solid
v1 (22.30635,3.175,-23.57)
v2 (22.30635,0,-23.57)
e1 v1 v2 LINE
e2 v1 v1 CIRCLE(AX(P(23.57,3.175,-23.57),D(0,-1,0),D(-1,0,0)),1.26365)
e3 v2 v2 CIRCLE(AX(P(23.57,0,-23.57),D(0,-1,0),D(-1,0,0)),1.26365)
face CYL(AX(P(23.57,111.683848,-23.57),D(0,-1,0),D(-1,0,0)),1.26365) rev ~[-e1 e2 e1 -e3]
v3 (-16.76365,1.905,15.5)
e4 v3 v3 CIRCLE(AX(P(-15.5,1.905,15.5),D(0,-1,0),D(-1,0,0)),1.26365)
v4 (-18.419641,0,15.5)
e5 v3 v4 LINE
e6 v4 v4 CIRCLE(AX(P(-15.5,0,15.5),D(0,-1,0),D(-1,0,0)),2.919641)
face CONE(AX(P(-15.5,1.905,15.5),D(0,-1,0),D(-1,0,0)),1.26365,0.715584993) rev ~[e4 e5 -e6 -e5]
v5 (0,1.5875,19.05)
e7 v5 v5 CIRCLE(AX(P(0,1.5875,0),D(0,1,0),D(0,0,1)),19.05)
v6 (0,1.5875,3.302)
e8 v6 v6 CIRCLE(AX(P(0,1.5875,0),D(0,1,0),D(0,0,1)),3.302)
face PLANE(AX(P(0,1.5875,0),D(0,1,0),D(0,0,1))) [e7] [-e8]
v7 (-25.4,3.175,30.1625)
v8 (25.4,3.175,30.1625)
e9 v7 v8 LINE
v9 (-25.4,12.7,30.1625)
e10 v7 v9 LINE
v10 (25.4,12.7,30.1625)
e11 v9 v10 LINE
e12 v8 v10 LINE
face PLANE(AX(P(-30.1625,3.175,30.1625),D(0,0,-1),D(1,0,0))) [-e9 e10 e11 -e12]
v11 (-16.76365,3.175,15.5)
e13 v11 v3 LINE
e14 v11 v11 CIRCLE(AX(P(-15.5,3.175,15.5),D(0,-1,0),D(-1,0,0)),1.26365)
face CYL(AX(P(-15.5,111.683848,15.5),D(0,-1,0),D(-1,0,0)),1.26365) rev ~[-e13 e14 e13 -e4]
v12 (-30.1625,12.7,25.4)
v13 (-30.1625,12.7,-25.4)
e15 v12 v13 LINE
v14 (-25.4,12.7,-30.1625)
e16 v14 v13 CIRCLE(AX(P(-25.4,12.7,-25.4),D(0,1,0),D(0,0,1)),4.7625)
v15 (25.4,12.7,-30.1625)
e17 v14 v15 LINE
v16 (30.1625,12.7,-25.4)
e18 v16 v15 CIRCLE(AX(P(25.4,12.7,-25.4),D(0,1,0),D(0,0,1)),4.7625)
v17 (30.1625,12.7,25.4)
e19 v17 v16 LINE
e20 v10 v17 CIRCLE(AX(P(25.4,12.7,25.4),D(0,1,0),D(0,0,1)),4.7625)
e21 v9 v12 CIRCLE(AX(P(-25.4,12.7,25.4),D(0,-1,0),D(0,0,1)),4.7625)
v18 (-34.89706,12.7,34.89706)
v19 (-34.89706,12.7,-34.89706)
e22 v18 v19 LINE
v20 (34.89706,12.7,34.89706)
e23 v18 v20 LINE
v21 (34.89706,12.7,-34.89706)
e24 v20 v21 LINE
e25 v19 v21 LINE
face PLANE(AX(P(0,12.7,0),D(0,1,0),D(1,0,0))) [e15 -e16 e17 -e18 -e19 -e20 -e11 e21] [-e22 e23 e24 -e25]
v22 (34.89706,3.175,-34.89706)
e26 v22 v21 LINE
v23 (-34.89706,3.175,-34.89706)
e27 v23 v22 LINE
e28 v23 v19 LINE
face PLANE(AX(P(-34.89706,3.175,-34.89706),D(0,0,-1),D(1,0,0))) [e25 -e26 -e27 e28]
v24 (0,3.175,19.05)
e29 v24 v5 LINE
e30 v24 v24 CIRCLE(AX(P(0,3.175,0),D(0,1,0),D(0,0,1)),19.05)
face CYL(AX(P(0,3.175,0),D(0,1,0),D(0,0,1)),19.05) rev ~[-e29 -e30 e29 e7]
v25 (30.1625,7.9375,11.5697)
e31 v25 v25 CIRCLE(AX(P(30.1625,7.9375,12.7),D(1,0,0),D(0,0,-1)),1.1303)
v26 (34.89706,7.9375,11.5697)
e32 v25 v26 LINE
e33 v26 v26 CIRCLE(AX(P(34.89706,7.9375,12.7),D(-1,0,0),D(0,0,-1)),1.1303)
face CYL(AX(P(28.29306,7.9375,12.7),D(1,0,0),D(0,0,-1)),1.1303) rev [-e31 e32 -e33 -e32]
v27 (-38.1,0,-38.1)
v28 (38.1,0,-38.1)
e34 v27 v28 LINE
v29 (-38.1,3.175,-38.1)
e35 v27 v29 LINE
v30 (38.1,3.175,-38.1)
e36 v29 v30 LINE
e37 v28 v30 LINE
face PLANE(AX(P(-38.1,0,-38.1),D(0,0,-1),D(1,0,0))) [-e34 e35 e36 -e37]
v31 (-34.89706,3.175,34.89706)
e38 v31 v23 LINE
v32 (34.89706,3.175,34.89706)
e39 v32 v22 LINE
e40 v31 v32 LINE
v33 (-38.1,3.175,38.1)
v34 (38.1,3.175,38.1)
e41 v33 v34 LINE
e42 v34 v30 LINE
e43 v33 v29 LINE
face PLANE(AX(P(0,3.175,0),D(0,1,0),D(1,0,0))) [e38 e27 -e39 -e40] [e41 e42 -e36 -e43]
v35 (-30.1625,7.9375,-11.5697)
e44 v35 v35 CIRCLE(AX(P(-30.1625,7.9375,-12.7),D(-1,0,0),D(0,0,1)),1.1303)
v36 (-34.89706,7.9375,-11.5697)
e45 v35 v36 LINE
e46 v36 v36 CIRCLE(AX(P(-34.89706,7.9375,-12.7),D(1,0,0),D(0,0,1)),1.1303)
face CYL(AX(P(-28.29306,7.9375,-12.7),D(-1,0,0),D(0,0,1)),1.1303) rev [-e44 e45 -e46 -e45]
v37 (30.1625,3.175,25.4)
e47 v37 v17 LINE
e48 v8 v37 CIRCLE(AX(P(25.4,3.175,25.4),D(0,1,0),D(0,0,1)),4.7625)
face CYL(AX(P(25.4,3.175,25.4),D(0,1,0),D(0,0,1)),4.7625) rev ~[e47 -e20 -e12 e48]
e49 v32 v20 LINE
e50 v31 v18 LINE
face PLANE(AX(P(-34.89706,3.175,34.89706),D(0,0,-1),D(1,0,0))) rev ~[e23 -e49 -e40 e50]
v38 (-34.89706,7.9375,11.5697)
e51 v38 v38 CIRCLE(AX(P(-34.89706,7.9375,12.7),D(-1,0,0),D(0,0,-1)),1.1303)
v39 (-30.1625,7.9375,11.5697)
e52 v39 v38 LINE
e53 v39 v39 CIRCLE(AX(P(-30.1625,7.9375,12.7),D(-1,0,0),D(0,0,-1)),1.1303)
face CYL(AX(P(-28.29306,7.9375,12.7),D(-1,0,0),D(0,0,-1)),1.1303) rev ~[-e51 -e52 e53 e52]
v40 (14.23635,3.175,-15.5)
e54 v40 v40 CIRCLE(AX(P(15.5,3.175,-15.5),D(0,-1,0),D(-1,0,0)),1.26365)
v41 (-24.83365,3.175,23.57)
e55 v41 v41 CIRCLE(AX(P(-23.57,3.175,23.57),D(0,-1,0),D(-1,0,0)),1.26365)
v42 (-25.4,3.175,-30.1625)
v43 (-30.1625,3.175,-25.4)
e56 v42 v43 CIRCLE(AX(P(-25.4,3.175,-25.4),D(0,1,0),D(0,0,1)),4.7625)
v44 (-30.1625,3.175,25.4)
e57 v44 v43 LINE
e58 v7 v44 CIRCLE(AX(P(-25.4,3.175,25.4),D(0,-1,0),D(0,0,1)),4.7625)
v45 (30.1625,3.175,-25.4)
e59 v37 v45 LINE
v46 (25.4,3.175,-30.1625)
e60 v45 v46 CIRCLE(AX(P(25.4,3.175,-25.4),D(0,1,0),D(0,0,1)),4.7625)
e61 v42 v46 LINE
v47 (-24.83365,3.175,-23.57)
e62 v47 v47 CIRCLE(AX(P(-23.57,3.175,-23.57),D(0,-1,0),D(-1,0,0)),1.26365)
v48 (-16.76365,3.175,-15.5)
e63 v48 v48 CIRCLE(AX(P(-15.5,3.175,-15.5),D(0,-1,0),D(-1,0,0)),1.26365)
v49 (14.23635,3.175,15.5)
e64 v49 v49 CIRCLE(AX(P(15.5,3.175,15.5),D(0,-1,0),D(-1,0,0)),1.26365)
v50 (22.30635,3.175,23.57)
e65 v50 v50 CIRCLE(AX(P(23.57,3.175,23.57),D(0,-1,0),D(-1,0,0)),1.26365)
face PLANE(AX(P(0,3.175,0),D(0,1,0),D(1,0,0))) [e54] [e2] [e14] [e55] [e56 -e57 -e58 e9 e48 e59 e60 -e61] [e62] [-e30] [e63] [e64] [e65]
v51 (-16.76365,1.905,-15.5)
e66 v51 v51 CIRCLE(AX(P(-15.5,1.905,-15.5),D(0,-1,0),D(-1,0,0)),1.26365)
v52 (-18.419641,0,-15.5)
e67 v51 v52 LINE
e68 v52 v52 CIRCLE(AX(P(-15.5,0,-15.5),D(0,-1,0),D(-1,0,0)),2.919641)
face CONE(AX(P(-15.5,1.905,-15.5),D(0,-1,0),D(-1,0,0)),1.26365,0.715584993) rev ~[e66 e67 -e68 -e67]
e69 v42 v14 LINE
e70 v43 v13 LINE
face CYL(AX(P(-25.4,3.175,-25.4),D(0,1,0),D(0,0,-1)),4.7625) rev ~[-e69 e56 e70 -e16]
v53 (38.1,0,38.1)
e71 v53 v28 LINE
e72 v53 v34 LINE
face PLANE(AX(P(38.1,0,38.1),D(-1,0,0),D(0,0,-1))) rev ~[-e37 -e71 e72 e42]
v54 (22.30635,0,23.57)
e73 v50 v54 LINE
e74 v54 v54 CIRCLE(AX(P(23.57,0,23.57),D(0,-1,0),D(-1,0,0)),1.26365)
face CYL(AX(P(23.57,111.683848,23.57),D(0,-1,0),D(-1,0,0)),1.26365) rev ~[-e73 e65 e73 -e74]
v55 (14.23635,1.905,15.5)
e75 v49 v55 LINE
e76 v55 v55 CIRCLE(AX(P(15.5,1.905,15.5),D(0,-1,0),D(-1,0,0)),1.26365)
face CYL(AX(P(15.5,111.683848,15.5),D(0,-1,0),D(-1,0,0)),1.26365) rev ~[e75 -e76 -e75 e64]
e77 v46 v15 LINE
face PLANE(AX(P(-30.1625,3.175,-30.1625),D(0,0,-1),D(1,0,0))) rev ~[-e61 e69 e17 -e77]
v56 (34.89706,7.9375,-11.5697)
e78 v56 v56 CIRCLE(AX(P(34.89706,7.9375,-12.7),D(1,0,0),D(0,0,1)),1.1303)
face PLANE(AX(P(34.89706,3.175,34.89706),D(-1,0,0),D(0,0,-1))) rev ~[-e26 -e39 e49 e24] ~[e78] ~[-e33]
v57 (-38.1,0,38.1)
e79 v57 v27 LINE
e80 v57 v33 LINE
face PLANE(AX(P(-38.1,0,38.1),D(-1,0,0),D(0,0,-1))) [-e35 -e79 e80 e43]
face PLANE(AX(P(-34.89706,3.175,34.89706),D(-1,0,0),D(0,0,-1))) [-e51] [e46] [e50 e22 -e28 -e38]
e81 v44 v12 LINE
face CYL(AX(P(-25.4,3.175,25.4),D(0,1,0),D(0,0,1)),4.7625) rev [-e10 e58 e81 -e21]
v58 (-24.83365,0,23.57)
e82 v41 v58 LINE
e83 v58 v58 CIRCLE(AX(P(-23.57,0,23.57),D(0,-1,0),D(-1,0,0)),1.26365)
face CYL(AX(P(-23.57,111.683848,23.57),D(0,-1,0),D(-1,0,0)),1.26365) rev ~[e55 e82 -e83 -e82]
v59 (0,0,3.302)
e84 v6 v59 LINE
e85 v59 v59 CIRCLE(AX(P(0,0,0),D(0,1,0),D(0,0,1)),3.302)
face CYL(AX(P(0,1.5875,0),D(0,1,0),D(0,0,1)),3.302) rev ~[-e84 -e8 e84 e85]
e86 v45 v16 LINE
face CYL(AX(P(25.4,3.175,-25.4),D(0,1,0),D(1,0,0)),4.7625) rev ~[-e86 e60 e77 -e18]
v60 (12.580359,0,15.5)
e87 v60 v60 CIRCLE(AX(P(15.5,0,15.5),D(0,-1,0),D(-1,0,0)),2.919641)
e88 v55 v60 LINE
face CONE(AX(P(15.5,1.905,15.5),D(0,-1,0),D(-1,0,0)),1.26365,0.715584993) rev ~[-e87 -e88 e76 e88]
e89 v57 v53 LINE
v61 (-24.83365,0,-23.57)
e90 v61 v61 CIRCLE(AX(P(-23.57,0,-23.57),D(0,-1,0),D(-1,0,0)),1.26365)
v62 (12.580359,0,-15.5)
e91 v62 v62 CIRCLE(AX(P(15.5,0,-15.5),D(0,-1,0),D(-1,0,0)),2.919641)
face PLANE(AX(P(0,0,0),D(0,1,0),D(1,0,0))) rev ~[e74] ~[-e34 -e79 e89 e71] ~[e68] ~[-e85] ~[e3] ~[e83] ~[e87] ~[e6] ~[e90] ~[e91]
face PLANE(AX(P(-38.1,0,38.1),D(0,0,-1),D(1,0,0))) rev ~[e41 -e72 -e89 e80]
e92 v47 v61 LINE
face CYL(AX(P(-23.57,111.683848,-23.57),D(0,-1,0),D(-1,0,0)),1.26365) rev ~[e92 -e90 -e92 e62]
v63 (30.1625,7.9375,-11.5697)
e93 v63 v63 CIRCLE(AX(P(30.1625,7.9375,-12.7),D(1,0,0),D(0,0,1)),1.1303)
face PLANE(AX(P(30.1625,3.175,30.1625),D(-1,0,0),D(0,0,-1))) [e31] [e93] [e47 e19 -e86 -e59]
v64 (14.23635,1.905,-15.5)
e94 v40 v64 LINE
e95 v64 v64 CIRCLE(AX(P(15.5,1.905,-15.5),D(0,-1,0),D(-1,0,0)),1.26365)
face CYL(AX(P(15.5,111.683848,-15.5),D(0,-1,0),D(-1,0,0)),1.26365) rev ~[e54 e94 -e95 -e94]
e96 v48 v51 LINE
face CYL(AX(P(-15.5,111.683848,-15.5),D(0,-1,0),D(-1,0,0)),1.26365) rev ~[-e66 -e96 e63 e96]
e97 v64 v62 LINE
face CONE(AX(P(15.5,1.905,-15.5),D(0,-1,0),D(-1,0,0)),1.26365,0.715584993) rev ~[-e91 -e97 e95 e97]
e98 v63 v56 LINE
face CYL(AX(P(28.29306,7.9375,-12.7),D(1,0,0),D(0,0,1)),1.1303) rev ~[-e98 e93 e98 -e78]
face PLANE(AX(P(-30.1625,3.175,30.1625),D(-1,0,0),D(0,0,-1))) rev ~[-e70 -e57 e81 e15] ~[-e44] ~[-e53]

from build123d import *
from OCP.BRepFilletAPI import BRepFilletAPI_MakeChamfer

# Parameters (mm, degrees)
SKETCH1_W                    = 76.2
SKETCH1_H                    = 76.2
BOSS_EXTRUDE1_DEPTH          = 3.175
SKETCH2_W                    = 69.79412
SKETCH2_H                    = 69.79412
SKETCH2_W_2                  = 60.325
SKETCH2_H_2                  = 60.325
BOSS_EXTRUDE2_DEPTH          = 9.525
FILLET1_R                    = 4.7625
SKETCH3_R                    = 19.05
CUT_EXTRUDE1_DEPTH           = 1.5875
SKETCH4_R                    = 3.302
CUT_EXTRUDE2_DEPTH           = 56.015521957
F_39_0_0995_DIAMETER_HOLE1_D = 2.5273
CHAMFER1_SIZE                = 1.905
CHAMFER1_SIZE2               = 1.655991236


with BuildPart() as part:
    # Sketch1 → Boss-Extrude1 (new body)
    with BuildSketch(Plane(origin=(0, 0, 0), x_dir=(1, 0, 0), z_dir=(0, 1, 0))):
        Rectangle(SKETCH1_W, SKETCH1_H)
    extrude(amount=BOSS_EXTRUDE1_DEPTH)

    # Sketch2 → Boss-Extrude2 (add)
    with BuildSketch(Plane(origin=(0, 3.175, 0), x_dir=(1, 0, 0), z_dir=(0, 1, 0))):
        Rectangle(SKETCH2_W, SKETCH2_H)
        Rectangle(SKETCH2_W_2, SKETCH2_H_2, mode=Mode.SUBTRACT)
    extrude(amount=BOSS_EXTRUDE2_DEPTH)

    # Fillet1
    fillet1_edges = [part.edges().sort_by_distance(p)[0] for p in [
        (-30.1625, 7.9375, 30.1625),
        (30.1625, 7.9375, 30.1625),
        (30.1625, 7.9375, -30.1625),
        (-30.1625, 7.9375, -30.1625),
    ]]
    fillet(fillet1_edges, radius=FILLET1_R)

    # Sketch3 → Cut-Extrude1 (cut)
    with BuildSketch(Plane(origin=(0, 3.175, 0), x_dir=(1, 0, 0), z_dir=(0, 1, 0))):
        with Locations(Location((0, 0, 0), (0, 0, 270))):
            Circle(SKETCH3_R)
    extrude(amount=-CUT_EXTRUDE1_DEPTH, mode=Mode.SUBTRACT)

    # Sketch4 → Cut-Extrude2 (cut, through all)
    with BuildSketch(Plane(origin=(0, 1.5875, 0), x_dir=(1, 0, 0), z_dir=(0, 1, 0))):
        with Locations(Location((0, 0, 0), (0, 0, 270))):
            Circle(SKETCH4_R)
    extrude(amount=-CUT_EXTRUDE2_DEPTH, mode=Mode.SUBTRACT)

    # #39 (0.0995) Diameter Hole1 (through all)
    with Locations(Plane(origin=(0, 3.175, 0), x_dir=(1, 0, 0), z_dir=(0, 1, 0))):
        with Locations((15.5, 15.5), (-15.5, 15.5), (-15.5, -15.5), (15.5, -15.5), (-23.57, 23.57), (23.57, 23.57), (23.57, -23.57), (-23.57, -23.57)):
            Hole(F_39_0_0995_DIAMETER_HOLE1_D / 2)

    # Sketch9 → #4-40 Tapped Hole1 (revolve, cut)
    with BuildSketch(Plane(origin=(34.89706, 7.9375, 12.7), x_dir=(0, 0, -1), z_dir=(0, 1, 0))):
        Polygon((0, 0), (0, 7.283152758), (1.1303, 6.604), (1.1303, 0), align=None)
    f_4_40_tapped_hole1 = revolve(axis=Axis((41.24706, 7.9375, 12.7), (-1, 0, 0)), mode=Mode.SUBTRACT)

    # Mirror1: #4-40 Tapped Hole1 across plane
    add(f_4_40_tapped_hole1.mirror(Plane.XY), mode=Mode.SUBTRACT)

    # Mirror2: #4-40 Tapped Hole1 across plane
    add(f_4_40_tapped_hole1.mirror(Plane(origin=(0, 0, 0), x_dir=(0, 0, 1), z_dir=(1, 0, 0))), mode=Mode.SUBTRACT)

    # Mirror2 copy 1 sketch → Mirror2 copy 1 (revolve, cut)
    with BuildSketch(Plane(origin=(-34.89706, 7.9375, -12.7), x_dir=(0, 0, 1), z_dir=(0, 1, 0))):
        Polygon((0, 0), (0, 7.283152758), (1.1303, 6.604), (1.1303, 0), align=None)
    revolve(axis=Axis((-41.24706, 7.9375, -12.7), (1, 0, 0)), mode=Mode.SUBTRACT)

    # Chamfer1: one chamfer whose edges measure the first distance from different faces: ONE call of the kernel's chamfer builder (chamfer() names one face for all edges)
    chamfer1_edges_1 = [part.edges().sort_by_distance(p)[0] for p in [
        (16.76365, 0, 15.5),
    ]]
    chamfer1_side_1 = [part.faces().sort_by_distance(p)[0] for p in [
        (16.76365, 1.5875, 15.5),
    ]]
    chamfer1_edges_2 = [part.edges().sort_by_distance(p)[0] for p in [
        (-14.23635, 0, 15.5),
    ]]
    chamfer1_side_2 = [part.faces().sort_by_distance(p)[0] for p in [
        (-14.23635, 1.5875, 15.5),
    ]]
    chamfer1_edges_3 = [part.edges().sort_by_distance(p)[0] for p in [
        (-14.23635, 0, -15.5),
    ]]
    chamfer1_side_3 = [part.faces().sort_by_distance(p)[0] for p in [
        (-14.23635, 1.5875, -15.5),
    ]]
    chamfer1_edges_4 = [part.edges().sort_by_distance(p)[0] for p in [
        (16.76365, 0, -15.5),
    ]]
    chamfer1_side_4 = [part.faces().sort_by_distance(p)[0] for p in [
        (16.76365, 1.5875, -15.5),
    ]]
    chamfer1 = BRepFilletAPI_MakeChamfer(part.part.solid().wrapped)
    for e in chamfer1_edges_1:
        chamfer1.Add(CHAMFER1_SIZE, CHAMFER1_SIZE2, e.wrapped, chamfer1_side_1[0].wrapped)  # the first distance lies on this face
    for e in chamfer1_edges_2:
        chamfer1.Add(CHAMFER1_SIZE, CHAMFER1_SIZE2, e.wrapped, chamfer1_side_2[0].wrapped)  # the first distance lies on this face
    for e in chamfer1_edges_3:
        chamfer1.Add(CHAMFER1_SIZE, CHAMFER1_SIZE2, e.wrapped, chamfer1_side_3[0].wrapped)  # the first distance lies on this face
    for e in chamfer1_edges_4:
        chamfer1.Add(CHAMFER1_SIZE, CHAMFER1_SIZE2, e.wrapped, chamfer1_side_4[0].wrapped)  # the first distance lies on this face
    add(Compound.cast(chamfer1.Shape()), mode=Mode.REPLACE)


solid = part.part
